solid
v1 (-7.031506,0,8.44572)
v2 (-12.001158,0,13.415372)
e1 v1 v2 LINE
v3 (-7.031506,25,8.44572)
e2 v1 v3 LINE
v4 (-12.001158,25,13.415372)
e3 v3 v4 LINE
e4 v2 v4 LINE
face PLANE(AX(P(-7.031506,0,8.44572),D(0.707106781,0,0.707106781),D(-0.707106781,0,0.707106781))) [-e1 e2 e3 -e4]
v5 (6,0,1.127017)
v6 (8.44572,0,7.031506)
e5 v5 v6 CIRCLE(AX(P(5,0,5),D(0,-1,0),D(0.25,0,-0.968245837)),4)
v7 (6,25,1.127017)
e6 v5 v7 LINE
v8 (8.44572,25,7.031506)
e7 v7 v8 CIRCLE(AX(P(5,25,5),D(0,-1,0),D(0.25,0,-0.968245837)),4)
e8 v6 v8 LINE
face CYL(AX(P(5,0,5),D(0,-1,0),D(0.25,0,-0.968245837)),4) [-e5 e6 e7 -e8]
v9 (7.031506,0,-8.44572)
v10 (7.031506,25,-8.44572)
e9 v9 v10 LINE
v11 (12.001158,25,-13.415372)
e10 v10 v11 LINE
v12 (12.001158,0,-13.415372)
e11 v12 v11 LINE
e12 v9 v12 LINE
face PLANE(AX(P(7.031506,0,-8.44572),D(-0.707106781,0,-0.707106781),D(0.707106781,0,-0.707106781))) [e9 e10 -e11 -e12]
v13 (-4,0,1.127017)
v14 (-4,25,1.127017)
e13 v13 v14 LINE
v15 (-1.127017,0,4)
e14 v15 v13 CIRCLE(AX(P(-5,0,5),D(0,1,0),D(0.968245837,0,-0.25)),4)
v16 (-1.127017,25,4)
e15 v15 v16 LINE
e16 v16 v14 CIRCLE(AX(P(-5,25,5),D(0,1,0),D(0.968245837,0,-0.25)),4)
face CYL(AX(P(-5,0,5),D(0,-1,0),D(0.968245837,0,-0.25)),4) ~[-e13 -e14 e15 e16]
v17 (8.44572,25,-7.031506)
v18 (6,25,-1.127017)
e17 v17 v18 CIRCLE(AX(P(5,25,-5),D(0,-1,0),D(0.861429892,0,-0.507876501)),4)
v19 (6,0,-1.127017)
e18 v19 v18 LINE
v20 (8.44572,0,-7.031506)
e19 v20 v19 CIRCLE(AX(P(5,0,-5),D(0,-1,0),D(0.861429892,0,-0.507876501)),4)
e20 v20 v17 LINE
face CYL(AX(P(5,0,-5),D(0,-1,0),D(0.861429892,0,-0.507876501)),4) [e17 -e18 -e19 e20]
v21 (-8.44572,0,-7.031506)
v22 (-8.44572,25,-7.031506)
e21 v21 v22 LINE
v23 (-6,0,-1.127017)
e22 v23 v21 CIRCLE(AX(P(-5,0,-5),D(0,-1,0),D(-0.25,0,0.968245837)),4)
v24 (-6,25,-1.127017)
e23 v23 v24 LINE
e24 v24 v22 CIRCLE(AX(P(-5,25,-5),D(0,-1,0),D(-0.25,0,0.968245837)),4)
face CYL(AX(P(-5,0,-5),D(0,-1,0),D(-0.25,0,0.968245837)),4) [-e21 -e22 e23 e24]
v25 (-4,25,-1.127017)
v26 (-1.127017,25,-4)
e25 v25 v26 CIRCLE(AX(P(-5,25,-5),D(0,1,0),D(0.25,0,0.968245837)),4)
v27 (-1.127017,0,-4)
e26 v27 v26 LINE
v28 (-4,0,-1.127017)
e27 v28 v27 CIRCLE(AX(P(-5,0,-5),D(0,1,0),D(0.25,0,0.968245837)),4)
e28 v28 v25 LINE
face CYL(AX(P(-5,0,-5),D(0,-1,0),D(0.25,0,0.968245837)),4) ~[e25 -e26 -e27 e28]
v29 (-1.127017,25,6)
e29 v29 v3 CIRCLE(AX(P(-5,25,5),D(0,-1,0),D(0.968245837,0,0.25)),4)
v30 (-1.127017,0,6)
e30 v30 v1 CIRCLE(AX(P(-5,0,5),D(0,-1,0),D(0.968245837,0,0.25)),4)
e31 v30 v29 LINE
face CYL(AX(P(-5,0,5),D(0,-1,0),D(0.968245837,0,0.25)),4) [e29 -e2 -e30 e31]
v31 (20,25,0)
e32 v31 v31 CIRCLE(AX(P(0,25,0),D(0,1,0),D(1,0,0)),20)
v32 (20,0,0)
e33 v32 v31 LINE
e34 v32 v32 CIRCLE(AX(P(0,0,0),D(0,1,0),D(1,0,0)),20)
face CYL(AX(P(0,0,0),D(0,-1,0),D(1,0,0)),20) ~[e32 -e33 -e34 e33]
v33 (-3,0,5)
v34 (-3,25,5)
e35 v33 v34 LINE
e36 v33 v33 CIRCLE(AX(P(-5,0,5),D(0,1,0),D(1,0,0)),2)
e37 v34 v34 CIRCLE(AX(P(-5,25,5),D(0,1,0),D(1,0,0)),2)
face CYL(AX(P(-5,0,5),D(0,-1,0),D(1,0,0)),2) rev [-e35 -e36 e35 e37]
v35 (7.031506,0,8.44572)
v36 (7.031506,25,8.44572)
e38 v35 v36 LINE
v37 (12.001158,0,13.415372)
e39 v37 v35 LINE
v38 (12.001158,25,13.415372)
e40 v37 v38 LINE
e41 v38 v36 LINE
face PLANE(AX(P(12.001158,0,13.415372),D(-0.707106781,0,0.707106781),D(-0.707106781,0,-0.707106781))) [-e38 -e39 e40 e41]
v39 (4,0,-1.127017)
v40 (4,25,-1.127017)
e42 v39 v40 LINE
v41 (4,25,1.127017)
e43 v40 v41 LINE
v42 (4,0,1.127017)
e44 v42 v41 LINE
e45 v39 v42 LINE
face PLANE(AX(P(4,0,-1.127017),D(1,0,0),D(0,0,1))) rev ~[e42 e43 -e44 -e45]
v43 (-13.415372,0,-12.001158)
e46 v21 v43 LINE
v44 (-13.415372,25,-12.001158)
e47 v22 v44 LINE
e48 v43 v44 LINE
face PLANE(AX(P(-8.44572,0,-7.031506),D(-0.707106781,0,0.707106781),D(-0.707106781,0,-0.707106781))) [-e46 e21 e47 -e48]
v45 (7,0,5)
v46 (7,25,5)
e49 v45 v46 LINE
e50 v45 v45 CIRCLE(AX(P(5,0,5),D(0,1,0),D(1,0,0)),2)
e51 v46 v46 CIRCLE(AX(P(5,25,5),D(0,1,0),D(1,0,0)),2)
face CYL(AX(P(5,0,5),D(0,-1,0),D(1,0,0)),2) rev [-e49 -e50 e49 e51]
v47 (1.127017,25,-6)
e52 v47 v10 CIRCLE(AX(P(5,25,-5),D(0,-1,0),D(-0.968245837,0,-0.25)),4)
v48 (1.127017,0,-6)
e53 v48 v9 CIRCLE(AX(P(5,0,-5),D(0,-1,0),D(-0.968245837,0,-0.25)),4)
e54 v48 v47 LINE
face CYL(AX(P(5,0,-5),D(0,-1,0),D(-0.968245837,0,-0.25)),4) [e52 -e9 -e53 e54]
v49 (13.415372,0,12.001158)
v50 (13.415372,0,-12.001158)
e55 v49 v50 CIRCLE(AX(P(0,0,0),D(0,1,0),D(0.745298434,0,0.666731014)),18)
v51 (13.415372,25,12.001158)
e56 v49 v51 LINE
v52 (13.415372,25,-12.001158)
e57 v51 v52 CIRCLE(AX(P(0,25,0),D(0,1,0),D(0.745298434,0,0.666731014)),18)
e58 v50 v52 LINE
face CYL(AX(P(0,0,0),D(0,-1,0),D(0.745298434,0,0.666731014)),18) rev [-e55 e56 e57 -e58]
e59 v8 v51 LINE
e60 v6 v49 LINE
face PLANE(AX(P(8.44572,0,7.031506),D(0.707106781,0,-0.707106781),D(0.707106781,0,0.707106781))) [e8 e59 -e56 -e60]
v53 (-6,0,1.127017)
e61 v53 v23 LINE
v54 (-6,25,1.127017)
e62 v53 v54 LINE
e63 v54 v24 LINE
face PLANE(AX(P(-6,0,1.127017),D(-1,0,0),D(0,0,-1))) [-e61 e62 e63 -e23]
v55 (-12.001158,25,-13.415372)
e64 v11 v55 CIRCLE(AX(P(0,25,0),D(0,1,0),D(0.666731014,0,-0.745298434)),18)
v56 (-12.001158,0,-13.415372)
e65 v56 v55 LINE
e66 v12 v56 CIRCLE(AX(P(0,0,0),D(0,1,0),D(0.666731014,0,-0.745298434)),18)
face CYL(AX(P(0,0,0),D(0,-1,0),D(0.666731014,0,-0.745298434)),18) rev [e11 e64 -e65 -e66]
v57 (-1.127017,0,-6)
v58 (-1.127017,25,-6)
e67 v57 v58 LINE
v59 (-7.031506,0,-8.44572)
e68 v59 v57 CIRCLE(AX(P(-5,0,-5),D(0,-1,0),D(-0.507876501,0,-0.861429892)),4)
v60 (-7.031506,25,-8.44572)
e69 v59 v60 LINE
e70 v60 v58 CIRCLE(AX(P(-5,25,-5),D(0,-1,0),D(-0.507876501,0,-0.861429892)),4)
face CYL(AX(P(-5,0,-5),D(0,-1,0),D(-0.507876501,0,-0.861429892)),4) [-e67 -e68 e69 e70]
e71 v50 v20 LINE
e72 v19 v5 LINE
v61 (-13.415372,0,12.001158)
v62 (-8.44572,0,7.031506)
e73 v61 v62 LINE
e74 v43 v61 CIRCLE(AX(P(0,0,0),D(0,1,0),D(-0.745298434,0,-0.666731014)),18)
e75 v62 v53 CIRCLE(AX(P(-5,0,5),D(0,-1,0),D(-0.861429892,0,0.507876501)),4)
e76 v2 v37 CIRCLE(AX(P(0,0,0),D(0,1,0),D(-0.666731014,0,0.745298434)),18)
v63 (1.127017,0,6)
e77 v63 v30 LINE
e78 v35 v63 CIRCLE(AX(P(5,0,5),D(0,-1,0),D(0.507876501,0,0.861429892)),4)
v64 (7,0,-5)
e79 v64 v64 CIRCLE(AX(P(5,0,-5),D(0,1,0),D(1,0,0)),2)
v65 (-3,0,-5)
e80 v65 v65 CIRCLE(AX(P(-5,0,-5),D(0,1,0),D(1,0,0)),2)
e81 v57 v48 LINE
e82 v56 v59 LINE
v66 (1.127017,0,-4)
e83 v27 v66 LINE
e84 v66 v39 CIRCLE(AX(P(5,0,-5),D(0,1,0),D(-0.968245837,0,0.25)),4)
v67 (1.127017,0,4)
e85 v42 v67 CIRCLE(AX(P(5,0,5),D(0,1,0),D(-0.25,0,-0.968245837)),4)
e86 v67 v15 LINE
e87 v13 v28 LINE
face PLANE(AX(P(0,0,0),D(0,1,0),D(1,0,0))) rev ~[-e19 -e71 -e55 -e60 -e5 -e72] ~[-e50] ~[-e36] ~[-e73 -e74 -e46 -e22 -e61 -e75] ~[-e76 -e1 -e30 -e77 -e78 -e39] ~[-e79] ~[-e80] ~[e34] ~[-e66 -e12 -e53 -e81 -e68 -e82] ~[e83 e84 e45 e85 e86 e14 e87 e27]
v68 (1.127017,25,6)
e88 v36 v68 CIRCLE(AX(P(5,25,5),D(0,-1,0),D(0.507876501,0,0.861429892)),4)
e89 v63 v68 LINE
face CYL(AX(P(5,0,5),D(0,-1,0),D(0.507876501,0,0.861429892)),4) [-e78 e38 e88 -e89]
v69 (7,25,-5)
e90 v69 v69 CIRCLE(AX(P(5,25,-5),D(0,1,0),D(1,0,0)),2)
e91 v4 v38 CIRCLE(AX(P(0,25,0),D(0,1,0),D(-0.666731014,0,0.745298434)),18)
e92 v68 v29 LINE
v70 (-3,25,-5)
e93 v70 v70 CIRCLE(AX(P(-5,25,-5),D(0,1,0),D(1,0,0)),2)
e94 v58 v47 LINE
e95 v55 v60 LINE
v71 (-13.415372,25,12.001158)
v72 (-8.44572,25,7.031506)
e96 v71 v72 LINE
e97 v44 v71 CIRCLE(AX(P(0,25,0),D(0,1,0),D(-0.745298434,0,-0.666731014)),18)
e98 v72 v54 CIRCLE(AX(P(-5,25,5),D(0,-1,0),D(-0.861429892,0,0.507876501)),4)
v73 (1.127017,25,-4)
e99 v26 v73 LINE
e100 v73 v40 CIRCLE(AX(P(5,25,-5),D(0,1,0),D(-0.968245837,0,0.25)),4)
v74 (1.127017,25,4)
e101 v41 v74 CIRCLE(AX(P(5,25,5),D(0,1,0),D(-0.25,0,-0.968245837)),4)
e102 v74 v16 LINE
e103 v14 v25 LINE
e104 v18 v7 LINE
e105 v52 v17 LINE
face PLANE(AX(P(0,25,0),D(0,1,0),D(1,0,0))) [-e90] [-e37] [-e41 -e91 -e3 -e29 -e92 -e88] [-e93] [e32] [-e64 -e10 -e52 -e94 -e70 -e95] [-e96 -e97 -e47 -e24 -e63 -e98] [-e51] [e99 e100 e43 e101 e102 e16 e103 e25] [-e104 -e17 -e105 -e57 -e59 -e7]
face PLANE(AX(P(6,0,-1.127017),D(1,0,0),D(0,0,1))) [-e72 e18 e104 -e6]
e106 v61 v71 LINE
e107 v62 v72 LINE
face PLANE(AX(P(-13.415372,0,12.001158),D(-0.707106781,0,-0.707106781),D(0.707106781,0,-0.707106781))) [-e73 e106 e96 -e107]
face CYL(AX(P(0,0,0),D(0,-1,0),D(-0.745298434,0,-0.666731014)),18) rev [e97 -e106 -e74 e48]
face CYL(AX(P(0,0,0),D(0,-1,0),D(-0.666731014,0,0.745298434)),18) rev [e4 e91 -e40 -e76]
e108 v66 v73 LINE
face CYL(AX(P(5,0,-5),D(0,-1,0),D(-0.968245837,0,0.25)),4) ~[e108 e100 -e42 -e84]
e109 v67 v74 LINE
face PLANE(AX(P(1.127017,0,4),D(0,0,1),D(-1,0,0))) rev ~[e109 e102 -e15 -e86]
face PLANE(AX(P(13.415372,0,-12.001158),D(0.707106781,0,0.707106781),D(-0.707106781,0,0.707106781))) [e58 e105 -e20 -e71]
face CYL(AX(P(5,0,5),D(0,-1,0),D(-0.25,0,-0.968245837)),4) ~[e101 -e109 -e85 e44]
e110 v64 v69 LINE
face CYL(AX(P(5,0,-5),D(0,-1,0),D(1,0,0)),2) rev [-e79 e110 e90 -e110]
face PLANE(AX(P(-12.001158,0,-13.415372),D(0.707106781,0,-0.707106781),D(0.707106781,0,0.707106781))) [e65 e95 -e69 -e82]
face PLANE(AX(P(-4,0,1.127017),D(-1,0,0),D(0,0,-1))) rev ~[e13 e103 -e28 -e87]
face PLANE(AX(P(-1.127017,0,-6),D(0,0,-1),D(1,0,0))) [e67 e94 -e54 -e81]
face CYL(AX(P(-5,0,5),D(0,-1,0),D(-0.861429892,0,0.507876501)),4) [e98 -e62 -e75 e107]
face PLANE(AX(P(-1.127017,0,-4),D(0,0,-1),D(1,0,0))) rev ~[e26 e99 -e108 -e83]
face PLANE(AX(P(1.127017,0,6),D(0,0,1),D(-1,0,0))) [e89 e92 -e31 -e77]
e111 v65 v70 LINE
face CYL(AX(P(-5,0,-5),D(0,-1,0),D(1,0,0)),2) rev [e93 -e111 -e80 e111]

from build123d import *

# Parameters (mm, degrees)
SKETCH_2_R      = 20
SKETCH_2_R_2    = 2
EXTRUDE_1_DEPTH = 25


with BuildPart() as part:
    # 草图2 → 凸台-拉伸1 (new body)
    with BuildSketch(Plane(origin=(0, 0, 0), x_dir=(1, 0, 0), z_dir=(0, 1, 0))):
        Circle(SKETCH_2_R)
        with Locations((-5, 5)):
            Circle(SKETCH_2_R_2, mode=Mode.SUBTRACT)
        with Locations((5, 5)):
            Circle(SKETCH_2_R_2, mode=Mode.SUBTRACT)
        with Locations((5, -5)):
            Circle(SKETCH_2_R_2, mode=Mode.SUBTRACT)
        with Locations((-5, -5)):
            Circle(SKETCH_2_R_2, mode=Mode.SUBTRACT)
        with BuildLine():
            Line((-8.445719569, 7.031506006), (-13.415371808, 12.001158246))
            ThreePointArc((-13.415371808, 12.001158246), (-18, 0), (-13.415371808, -12.001158246))
            Line((-13.415371808, -12.001158246), (-8.445719569, -7.031506006))
            ThreePointArc((-8.445719569, -7.031506006), (-8.69551813, -3.469266271), (-6, -1.127016654))
            Line((-6, -1.127016654), (-6, 1.127016654))
            ThreePointArc((-6, 1.127016654), (-8.69551813, 3.469266271), (-8.445719569, 7.031506006))
        make_face(mode=Mode.SUBTRACT)
        with BuildLine():
            Line((-12.001158246, 13.415371808), (-7.031506006, 8.445719569))
            ThreePointArc((-7.031506006, 8.445719569), (-3.469266271, 8.69551813), (-1.127016654, 6))
            Line((-1.127016654, 6), (1.127016654, 6))
            ThreePointArc((1.127016654, 6), (3.469266271, 8.69551813), (7.031506006, 8.445719569))
            Line((7.031506006, 8.445719569), (12.001158246, 13.415371808))
            ThreePointArc((12.001158246, 13.415371808), (0, 18), (-12.001158246, 13.415371808))
        make_face(mode=Mode.SUBTRACT)
        with BuildLine():
            Line((13.415371808, 12.001158246), (8.445719569, 7.031506006))
            ThreePointArc((8.445719569, 7.031506006), (8.69551813, 3.469266271), (6, 1.127016654))
            Line((6, 1.127016654), (6, -1.127016654))
            ThreePointArc((6, -1.127016654), (8.69551813, -3.469266271), (8.445719569, -7.031506006))
            Line((8.445719569, -7.031506006), (13.415371808, -12.001158246))
            ThreePointArc((13.415371808, -12.001158246), (18, 0), (13.415371808, 12.001158246))
        make_face(mode=Mode.SUBTRACT)
        with BuildLine():
            Line((12.001158246, -13.415371808), (7.031506006, -8.445719569))
            ThreePointArc((7.031506006, -8.445719569), (3.469266271, -8.69551813), (1.127016654, -6))
            Line((1.127016654, -6), (-1.127016654, -6))
            ThreePointArc((-1.127016654, -6), (-3.469266271, -8.69551813), (-7.031506006, -8.445719569))
            Line((-7.031506006, -8.445719569), (-12.001158246, -13.415371808))
            ThreePointArc((-12.001158246, -13.415371808), (0, -18), (12.001158246, -13.415371808))
        make_face(mode=Mode.SUBTRACT)
        with BuildLine():
            Line((-1.127016654, 4), (1.127016654, 4))
            ThreePointArc((1.127016654, 4), (2.171572875, 2.171572875), (4, 1.127016654))
            Line((4, 1.127016654), (4, -1.127016654))
            ThreePointArc((4, -1.127016654), (2.171572875, -2.171572875), (1.127016654, -4))
            Line((1.127016654, -4), (-1.127016654, -4))
            ThreePointArc((-1.127016654, -4), (-2.171572875, -2.171572875), (-4, -1.127016654))
            Line((-4, -1.127016654), (-4, 1.127016654))
            ThreePointArc((-4, 1.127016654), (-2.171572875, 2.171572875), (-1.127016654, 4))
        make_face(mode=Mode.SUBTRACT)
    extrude(amount=EXTRUDE_1_DEPTH)


solid = part.part
